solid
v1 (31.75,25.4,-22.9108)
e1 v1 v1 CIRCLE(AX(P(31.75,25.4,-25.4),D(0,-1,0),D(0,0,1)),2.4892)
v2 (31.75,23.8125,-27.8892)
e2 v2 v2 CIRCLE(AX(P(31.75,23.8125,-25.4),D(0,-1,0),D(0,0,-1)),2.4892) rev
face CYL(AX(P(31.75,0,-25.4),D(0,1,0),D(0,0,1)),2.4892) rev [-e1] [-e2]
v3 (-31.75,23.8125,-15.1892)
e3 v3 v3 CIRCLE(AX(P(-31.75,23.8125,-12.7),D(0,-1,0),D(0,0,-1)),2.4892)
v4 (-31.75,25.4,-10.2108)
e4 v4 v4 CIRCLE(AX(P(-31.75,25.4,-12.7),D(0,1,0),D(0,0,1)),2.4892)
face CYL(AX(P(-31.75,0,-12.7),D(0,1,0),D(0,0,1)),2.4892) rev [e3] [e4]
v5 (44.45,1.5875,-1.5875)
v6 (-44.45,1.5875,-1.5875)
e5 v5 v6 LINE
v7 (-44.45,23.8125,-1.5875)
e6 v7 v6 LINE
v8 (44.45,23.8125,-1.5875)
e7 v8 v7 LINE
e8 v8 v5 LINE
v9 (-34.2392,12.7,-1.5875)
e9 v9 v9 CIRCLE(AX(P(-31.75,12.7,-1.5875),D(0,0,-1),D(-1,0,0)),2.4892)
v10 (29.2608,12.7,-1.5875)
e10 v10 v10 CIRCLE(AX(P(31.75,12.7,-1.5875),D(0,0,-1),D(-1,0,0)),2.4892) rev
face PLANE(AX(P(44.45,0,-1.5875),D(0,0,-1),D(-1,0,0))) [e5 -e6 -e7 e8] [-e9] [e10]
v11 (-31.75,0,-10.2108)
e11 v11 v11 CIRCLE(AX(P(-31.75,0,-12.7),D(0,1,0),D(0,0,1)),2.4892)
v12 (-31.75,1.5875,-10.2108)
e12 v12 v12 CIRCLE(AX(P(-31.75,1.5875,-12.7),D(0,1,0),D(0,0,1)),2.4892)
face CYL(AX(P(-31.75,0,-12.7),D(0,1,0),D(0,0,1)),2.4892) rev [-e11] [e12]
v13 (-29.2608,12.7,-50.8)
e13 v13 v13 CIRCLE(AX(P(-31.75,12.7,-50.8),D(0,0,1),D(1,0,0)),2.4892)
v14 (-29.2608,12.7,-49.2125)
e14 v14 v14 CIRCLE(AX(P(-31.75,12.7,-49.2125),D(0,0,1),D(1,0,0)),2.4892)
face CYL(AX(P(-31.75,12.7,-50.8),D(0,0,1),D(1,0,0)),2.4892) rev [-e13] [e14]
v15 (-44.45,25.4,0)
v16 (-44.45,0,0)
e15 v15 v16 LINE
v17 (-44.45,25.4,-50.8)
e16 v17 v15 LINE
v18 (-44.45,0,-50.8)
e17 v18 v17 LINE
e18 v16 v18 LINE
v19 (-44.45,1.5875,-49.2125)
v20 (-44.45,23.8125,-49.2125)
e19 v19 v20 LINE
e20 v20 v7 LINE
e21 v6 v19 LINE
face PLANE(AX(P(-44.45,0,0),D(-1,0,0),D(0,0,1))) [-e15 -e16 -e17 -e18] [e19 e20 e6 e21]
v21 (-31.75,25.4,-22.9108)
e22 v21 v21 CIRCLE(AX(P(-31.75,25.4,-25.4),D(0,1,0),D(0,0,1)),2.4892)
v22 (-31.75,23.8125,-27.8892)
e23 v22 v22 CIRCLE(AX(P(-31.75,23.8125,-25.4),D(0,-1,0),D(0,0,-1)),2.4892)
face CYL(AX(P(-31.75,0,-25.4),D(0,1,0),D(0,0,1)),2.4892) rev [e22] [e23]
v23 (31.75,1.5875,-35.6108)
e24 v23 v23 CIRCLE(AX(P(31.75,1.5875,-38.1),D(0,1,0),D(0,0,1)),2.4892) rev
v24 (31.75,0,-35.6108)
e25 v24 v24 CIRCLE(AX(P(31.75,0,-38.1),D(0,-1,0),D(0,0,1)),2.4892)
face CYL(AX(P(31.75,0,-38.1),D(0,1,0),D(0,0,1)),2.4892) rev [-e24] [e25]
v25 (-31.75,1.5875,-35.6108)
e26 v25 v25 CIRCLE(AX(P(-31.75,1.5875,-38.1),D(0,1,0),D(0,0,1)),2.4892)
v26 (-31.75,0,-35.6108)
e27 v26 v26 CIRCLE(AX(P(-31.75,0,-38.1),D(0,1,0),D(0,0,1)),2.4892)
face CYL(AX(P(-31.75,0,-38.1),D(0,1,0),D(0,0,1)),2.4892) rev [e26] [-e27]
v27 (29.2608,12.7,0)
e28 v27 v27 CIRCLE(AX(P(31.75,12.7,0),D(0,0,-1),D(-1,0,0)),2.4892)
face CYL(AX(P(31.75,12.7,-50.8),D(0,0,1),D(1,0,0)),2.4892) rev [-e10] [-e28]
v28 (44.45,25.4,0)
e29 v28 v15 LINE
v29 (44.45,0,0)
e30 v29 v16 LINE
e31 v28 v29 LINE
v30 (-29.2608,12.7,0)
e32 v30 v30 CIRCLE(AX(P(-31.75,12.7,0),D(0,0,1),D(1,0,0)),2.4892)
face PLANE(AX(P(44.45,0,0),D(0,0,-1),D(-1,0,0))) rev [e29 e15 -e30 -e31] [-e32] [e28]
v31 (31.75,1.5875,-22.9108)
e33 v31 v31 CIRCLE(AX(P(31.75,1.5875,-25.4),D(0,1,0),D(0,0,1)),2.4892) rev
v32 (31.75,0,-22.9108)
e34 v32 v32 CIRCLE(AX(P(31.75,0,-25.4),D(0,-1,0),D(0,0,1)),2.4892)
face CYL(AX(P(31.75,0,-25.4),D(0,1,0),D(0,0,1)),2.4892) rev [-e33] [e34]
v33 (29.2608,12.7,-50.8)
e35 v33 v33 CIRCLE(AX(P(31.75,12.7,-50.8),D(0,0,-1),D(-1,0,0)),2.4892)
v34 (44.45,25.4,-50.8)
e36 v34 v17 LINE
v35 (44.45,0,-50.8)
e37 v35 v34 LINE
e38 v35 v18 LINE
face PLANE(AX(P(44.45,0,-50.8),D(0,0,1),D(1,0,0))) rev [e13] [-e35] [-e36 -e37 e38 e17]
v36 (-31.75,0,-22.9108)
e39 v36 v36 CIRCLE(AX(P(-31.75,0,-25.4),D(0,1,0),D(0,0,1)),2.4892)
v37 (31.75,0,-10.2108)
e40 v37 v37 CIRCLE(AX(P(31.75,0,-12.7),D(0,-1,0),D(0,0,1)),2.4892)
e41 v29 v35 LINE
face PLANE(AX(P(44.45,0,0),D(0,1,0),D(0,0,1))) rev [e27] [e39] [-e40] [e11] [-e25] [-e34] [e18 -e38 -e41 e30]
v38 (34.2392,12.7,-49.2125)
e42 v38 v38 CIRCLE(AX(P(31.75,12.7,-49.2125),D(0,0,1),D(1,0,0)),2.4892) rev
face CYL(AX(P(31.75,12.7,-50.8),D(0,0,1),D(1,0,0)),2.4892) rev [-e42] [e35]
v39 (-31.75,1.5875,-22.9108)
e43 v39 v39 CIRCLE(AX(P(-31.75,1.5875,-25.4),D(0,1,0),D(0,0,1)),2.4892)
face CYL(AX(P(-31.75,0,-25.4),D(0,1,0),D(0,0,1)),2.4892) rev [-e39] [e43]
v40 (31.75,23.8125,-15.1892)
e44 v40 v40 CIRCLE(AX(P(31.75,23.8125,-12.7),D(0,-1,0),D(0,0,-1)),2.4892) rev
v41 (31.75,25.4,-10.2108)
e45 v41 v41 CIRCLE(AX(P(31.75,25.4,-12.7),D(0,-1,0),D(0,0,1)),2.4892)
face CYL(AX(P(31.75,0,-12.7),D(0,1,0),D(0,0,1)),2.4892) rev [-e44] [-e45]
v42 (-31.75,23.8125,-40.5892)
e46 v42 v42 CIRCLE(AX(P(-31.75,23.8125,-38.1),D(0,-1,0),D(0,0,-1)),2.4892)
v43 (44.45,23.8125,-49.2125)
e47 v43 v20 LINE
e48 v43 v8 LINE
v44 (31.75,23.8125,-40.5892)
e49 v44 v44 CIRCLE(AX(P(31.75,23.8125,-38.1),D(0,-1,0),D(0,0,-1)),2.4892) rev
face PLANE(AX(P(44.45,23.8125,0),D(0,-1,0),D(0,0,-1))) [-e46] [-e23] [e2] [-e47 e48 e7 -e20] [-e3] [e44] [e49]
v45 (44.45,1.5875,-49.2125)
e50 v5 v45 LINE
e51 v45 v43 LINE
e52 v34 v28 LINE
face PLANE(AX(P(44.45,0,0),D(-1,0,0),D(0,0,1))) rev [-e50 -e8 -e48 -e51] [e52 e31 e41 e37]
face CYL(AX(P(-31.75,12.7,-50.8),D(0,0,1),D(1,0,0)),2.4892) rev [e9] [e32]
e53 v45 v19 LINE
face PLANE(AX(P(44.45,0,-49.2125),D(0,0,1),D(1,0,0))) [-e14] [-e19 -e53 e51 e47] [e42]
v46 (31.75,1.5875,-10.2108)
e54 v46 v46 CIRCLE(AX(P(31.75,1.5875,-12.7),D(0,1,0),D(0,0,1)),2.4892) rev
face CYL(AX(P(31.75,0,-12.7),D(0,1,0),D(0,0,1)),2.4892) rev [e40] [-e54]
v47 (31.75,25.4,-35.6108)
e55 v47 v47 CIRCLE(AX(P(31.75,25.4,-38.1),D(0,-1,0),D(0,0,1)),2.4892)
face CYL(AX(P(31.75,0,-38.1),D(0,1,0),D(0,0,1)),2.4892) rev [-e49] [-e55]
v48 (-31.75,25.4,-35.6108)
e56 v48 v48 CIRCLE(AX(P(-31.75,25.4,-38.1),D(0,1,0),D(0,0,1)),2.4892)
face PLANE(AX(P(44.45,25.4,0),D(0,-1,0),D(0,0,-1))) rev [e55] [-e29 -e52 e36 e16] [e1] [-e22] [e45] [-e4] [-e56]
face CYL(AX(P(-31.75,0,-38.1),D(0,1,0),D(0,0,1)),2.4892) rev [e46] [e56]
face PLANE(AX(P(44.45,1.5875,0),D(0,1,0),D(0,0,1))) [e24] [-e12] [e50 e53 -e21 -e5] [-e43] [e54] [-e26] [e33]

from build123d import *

# Parameters (mm, degrees)
SKETCH1_W           = 50.8
SKETCH1_H           = 25.4
BOSS_EXTRUDE1_DEPTH = 44.45
SHELL1_T            = -1.5875
SKETCH2_R           = 2.4892
CUT_EXTRUDE1_DEPTH  = 26.4
SKETCH3_R           = 2.4892
CUT_EXTRUDE2_DEPTH  = 51.8


with BuildPart() as part:
    # Sketch1 → Boss-Extrude1 (new body, symmetric)
    with BuildSketch(Plane(origin=(0, 0, 0), x_dir=(0, 0, -1), z_dir=(1, 0, 0))):
        with Locations((25.4, 12.7)):
            Rectangle(SKETCH1_W, SKETCH1_H)
    extrude(amount=BOSS_EXTRUDE1_DEPTH, both=True)

    # Shell1
    shell1_openings = [part.faces().sort_by_distance(p)[0] for p in [
        (44.45, 12.7, -25.4),
        (-44.45, 12.7, -25.4),
    ]]
    offset(amount=SHELL1_T, openings=shell1_openings, kind=Kind.INTERSECTION)

    # Sketch2 → Cut-Extrude1 (cut, through all)
    with BuildSketch(Plane(origin=(0, 25.4, 0), x_dir=(1, 0, 0), z_dir=(0, 1, 0))):
        with Locations((-31.75, 25.4)):
            Circle(SKETCH2_R)
        with Locations((-31.75, 12.7)):
            Circle(SKETCH2_R)
        with Locations((-31.75, 38.1)):
            Circle(SKETCH2_R)
    cut_extrude1 = extrude(amount=-CUT_EXTRUDE1_DEPTH, mode=Mode.SUBTRACT)

    # Sketch3 → Cut-Extrude2 (cut, through all)
    with BuildSketch(Plane.XY):
        with Locations((-31.75, 12.7)):
            Circle(SKETCH3_R)
    cut_extrude2 = extrude(amount=-CUT_EXTRUDE2_DEPTH, mode=Mode.SUBTRACT)

    # Mirror1: Cut-Extrude1, Cut-Extrude2 across plane
    add(cut_extrude1.mirror(Plane(origin=(0, 0, 0), x_dir=(0, 0, 1), z_dir=(1, 0, 0))), mode=Mode.SUBTRACT)
    add(cut_extrude2.mirror(Plane(origin=(0, 0, 0), x_dir=(0, 0, 1), z_dir=(1, 0, 0))), mode=Mode.SUBTRACT)


solid = part.part
